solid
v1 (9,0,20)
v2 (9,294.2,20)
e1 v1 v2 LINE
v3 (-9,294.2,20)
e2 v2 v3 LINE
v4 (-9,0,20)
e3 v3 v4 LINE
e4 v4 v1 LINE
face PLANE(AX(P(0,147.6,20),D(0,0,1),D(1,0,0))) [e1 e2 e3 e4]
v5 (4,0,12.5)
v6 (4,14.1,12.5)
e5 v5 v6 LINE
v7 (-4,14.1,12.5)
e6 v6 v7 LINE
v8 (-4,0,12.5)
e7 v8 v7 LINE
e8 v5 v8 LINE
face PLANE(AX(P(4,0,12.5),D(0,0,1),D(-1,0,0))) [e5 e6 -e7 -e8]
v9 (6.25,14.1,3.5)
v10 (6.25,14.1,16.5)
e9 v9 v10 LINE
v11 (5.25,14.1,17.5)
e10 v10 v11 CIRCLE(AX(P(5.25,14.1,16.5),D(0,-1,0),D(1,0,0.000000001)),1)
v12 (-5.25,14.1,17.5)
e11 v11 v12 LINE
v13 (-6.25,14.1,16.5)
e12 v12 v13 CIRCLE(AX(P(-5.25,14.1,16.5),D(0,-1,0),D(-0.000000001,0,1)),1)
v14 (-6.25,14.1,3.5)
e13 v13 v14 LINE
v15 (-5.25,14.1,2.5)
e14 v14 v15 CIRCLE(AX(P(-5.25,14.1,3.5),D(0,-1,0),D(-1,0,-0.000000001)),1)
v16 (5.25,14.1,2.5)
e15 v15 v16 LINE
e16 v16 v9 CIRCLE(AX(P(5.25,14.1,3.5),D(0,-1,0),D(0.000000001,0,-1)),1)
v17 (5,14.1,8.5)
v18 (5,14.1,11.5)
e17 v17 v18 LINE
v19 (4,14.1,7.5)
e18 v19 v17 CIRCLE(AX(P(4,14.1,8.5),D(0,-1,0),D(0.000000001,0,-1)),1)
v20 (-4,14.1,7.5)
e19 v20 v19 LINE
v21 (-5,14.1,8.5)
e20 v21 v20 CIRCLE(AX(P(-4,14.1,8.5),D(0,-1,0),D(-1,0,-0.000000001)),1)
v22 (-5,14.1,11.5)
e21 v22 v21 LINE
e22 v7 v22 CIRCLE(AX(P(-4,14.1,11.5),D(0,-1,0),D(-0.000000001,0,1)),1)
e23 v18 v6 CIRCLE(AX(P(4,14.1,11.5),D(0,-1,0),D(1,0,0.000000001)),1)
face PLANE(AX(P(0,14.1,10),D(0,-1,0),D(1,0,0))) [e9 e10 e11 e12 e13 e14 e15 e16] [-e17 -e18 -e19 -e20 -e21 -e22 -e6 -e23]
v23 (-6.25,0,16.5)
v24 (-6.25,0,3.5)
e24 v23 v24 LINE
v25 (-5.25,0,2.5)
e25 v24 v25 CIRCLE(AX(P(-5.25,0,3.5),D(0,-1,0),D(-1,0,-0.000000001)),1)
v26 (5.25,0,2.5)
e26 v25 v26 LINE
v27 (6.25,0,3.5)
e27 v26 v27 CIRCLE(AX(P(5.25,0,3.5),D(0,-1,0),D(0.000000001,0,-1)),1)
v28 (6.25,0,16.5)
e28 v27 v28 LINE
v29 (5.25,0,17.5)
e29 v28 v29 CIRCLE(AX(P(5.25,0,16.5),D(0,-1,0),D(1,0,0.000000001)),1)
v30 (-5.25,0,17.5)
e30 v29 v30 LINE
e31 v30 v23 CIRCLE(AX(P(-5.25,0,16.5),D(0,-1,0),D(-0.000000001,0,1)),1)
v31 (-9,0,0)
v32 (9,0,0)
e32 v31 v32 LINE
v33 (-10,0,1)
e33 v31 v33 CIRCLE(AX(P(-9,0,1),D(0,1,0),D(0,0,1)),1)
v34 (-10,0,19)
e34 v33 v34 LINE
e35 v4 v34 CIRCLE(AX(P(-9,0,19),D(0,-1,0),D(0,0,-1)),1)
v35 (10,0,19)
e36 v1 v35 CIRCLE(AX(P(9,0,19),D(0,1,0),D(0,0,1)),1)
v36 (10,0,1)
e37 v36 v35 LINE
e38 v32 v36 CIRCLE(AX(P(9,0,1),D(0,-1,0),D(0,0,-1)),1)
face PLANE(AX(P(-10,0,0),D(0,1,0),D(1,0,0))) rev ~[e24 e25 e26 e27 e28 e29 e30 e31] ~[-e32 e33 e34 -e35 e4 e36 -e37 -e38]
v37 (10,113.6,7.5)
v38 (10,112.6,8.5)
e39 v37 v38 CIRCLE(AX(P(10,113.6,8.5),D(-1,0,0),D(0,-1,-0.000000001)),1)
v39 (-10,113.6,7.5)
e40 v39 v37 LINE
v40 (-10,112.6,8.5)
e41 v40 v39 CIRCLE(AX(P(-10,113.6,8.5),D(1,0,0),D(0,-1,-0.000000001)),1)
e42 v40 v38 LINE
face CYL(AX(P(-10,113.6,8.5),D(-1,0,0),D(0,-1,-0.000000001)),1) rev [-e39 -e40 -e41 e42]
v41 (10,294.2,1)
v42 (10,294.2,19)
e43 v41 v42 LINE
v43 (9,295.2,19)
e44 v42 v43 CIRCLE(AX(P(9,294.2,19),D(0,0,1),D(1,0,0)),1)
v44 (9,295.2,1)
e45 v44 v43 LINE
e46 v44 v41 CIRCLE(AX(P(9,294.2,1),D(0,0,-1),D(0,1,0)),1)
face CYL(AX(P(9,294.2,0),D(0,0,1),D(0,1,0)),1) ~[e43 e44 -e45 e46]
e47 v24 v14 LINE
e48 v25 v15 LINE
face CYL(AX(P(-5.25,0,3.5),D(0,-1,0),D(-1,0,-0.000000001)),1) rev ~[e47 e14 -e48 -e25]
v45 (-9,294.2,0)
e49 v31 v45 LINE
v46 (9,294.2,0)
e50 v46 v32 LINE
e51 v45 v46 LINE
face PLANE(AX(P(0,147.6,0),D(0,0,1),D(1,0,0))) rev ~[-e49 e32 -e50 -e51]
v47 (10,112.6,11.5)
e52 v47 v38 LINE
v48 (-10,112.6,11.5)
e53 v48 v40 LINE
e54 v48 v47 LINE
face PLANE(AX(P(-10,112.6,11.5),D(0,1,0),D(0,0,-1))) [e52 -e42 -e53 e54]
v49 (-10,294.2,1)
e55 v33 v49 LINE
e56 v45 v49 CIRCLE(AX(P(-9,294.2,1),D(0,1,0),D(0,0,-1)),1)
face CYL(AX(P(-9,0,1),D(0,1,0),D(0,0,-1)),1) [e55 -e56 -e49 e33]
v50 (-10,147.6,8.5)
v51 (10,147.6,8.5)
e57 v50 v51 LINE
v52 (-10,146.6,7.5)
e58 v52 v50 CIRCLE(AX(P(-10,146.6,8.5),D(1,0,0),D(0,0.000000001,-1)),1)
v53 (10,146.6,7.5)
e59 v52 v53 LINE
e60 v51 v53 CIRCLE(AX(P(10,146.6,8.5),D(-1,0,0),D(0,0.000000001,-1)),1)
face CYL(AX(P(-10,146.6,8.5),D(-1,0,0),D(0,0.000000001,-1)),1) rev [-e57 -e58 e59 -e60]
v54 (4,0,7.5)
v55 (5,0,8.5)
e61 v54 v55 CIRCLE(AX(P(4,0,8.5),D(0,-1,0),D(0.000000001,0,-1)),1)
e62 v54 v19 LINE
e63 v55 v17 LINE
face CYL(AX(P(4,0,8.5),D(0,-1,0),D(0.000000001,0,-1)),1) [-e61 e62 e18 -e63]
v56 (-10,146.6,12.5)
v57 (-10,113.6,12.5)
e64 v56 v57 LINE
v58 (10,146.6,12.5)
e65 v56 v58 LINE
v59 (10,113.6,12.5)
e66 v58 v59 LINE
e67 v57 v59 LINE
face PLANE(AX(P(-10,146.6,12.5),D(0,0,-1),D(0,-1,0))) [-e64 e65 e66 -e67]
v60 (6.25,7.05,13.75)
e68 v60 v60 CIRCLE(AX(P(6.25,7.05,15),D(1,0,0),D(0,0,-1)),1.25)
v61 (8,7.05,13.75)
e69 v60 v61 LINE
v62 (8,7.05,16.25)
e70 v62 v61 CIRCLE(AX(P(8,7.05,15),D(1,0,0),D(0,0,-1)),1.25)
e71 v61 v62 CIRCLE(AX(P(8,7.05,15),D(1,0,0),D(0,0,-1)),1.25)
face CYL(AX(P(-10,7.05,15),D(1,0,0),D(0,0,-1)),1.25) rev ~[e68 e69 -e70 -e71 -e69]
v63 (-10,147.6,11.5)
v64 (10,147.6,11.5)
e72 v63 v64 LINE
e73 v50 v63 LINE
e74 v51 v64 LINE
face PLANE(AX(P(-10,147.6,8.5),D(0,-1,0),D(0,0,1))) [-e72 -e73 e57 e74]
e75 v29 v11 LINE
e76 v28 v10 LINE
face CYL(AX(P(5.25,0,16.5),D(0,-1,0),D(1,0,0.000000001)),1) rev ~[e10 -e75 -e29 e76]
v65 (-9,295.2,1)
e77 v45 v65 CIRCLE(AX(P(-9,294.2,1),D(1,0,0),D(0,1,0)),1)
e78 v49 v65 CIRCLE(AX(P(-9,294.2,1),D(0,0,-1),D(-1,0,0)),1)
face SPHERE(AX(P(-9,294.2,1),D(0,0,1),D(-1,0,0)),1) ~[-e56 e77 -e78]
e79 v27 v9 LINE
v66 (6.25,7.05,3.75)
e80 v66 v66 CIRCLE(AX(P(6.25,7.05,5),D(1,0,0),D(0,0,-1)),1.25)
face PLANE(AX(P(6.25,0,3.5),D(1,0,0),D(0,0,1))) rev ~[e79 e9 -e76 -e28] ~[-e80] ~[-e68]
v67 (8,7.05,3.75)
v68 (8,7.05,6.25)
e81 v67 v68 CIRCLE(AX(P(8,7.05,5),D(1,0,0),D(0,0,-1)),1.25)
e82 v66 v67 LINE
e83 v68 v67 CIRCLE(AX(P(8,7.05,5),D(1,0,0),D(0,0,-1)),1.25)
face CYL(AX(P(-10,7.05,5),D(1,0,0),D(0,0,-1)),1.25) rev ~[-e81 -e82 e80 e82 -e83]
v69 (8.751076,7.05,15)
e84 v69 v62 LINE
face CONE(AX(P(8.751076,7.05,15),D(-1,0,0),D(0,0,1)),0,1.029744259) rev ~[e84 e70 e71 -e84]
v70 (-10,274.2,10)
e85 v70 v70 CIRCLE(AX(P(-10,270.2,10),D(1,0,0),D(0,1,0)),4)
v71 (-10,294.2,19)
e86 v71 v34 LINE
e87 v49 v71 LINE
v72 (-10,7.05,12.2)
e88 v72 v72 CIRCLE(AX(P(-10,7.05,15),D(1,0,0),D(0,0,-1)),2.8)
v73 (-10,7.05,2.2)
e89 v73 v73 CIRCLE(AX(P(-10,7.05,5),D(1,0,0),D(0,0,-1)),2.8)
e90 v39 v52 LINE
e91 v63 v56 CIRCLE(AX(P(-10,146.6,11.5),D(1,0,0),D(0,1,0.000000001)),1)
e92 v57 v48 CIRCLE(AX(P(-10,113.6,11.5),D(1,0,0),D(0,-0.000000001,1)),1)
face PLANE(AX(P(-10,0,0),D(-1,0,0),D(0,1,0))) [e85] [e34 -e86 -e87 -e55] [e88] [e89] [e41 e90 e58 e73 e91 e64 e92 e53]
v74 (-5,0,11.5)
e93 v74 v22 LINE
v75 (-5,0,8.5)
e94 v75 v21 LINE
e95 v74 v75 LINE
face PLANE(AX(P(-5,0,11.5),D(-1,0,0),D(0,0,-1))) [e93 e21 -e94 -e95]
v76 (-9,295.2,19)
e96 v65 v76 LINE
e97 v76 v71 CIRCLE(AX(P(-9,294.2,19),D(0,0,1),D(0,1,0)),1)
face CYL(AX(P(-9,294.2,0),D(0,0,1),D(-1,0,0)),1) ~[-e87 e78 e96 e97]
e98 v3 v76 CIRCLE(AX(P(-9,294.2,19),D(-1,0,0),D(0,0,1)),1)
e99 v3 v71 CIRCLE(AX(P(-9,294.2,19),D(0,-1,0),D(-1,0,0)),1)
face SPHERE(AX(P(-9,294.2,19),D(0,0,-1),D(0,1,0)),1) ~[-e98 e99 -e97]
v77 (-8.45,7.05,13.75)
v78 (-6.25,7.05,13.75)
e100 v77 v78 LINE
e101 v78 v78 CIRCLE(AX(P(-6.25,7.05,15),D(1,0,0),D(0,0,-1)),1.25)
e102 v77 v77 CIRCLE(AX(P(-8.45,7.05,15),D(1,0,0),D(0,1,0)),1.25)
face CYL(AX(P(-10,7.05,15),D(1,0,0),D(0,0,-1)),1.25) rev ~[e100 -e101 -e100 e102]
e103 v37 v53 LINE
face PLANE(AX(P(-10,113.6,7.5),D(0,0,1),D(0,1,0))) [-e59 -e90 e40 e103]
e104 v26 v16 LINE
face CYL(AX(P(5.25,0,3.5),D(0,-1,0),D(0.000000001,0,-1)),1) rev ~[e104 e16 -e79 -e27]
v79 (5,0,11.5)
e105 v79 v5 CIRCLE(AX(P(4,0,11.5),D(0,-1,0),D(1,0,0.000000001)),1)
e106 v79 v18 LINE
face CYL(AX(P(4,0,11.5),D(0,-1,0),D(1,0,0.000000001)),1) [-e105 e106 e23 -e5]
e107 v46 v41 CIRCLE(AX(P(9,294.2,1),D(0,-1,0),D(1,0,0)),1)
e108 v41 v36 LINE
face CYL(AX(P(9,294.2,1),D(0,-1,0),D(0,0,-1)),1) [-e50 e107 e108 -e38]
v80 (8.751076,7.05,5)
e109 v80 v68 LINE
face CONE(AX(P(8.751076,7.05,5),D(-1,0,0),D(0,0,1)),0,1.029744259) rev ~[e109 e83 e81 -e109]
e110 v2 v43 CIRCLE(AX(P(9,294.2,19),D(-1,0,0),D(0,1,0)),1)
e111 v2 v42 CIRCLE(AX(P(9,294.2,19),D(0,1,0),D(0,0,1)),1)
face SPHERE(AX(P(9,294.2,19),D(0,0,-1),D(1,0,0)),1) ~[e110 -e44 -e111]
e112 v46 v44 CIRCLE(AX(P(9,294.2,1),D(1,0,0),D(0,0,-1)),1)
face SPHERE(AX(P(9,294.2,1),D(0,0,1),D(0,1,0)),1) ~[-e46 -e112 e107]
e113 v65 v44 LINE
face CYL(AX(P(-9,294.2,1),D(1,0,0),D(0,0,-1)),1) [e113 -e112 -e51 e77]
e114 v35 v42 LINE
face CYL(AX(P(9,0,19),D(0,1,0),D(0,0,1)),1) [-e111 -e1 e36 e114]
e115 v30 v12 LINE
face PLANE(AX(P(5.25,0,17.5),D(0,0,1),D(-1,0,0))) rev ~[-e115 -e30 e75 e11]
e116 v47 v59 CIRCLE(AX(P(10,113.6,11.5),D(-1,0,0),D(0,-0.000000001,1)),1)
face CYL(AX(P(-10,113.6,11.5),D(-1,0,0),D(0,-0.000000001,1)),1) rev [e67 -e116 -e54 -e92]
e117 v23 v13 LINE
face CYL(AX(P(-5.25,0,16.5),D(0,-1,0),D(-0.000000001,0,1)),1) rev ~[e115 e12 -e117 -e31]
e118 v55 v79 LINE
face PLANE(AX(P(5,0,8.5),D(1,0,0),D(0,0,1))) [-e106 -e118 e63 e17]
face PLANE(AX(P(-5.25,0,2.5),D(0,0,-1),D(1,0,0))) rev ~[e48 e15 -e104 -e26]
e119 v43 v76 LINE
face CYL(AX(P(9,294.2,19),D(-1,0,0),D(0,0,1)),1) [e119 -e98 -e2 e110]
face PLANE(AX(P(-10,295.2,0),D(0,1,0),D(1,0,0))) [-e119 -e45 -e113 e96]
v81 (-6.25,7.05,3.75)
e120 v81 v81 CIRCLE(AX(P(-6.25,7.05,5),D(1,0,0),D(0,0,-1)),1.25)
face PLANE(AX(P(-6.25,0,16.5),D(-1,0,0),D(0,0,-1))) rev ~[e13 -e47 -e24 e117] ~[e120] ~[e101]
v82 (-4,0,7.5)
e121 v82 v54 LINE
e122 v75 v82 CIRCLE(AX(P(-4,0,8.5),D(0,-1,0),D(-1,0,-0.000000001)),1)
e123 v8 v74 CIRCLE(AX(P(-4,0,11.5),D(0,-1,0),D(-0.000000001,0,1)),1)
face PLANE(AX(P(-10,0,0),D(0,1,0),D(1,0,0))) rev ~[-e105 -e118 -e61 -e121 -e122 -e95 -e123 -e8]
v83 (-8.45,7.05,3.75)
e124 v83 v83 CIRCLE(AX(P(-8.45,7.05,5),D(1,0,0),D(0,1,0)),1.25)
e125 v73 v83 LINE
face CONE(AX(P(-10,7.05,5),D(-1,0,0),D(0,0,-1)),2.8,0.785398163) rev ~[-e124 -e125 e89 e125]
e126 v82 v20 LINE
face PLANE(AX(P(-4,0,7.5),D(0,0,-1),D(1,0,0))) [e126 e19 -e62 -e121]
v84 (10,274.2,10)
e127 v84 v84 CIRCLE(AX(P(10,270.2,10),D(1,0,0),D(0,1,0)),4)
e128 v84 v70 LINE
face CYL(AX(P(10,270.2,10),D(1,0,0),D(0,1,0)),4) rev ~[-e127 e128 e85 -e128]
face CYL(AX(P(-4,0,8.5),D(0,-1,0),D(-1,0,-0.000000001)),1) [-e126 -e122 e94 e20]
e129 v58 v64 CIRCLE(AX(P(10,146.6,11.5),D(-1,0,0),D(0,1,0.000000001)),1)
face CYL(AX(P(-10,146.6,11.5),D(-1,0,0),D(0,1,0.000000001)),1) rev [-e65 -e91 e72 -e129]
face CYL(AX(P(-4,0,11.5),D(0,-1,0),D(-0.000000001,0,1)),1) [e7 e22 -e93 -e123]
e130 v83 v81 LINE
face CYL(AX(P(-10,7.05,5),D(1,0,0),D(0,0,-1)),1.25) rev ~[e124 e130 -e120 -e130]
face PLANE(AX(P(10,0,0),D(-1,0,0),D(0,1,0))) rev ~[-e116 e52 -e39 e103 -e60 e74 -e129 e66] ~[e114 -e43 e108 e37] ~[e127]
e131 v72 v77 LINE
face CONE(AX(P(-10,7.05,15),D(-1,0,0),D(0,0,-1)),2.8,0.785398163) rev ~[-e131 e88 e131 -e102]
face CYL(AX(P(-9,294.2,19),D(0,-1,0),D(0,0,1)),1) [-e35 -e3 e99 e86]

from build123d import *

# Parameters (mm, degrees)
SKETCH1_W                       = 20
SKETCH1_H                       = 295.2
BOSS_EXTRUDE1_DEPTH             = 20
CUT_EXTRUDE1_REACH              = 298.552
SKETCH2_R                       = 4
CUT_EXTRUDE2_DEPTH              = 14.1
CUT_EXTRUDE3_DEPTH              = 297.551917883
M3X0_5_TAPPED_HOLE1_D           = 2.5
M3X0_5_TAPPED_HOLE1_DEPTH       = 18
M3X0_5_TAPPED_HOLE1_CSINK_D     = 5.6
M3X0_5_TAPPED_HOLE1_CSINK_ANGLE = 90
M3X0_5_TAPPED_HOLE1_TIP         = 0.751075774
FILLET1_R                       = 1
FILLET2_R                       = 1


with BuildPart() as part:
    # Sketch1 → Boss-Extrude1 (new body)
    with BuildSketch(Plane.XY):
        with Locations((0, 147.6)):
            Rectangle(SKETCH1_W, SKETCH1_H)
    extrude(amount=BOSS_EXTRUDE1_DEPTH)

    # Sketch2 → Cut-Extrude1 (cut, up to next)
    with BuildSketch(Plane(origin=(10, 0, 0), x_dir=(0, 0, -1), z_dir=(1, 0, 0)), mode=Mode.PRIVATE) as cut_extrude1_sk1:
        with Locations(Location((-10, 270.2, 0), (0, 0, 90))):
            Circle(SKETCH2_R)
    cut_extrude1_tool1 = extrude(cut_extrude1_sk1.sketch, amount=-CUT_EXTRUDE1_REACH, mode=Mode.PRIVATE) & part.part
    add(cut_extrude1_tool1.solids().sort_by_distance((10, 270.2, 10))[0], mode=Mode.SUBTRACT)

    # Sketch3 → Cut-Extrude2 (cut)
    with BuildSketch(Plane.XZ):
        with BuildLine():
            Line((-5.25, 2.5), (5.25, 2.5))
            ThreePointArc((5.25, 2.5), (5.957106781, 2.792893219), (6.25, 3.5))
            Line((6.25, 3.5), (6.25, 16.5))
            ThreePointArc((6.25, 16.5), (5.957106781, 17.207106781), (5.25, 17.5))
            Line((5.25, 17.5), (-5.25, 17.5))
            ThreePointArc((-5.25, 17.5), (-5.957106781, 17.207106781), (-6.25, 16.5))
            Line((-6.25, 16.5), (-6.25, 3.5))
            ThreePointArc((-6.25, 3.5), (-5.957106781, 2.792893219), (-5.25, 2.5))
        make_face()
        with BuildLine():
            Line((-4, 7.5), (4, 7.5))
            ThreePointArc((4, 7.5), (4.707106781, 7.792893219), (5, 8.5))
            Line((5, 8.5), (5, 11.5))
            ThreePointArc((5, 11.5), (4.707106781, 12.207106781), (4, 12.5))
            Line((4, 12.5), (-4, 12.5))
            ThreePointArc((-4, 12.5), (-4.707106781, 12.207106781), (-5, 11.5))
            Line((-5, 11.5), (-5, 8.5))
            ThreePointArc((-5, 8.5), (-4.707106781, 7.792893219), (-4, 7.5))
        make_face(mode=Mode.SUBTRACT)
    extrude(amount=-CUT_EXTRUDE2_DEPTH, mode=Mode.SUBTRACT)

    # Sketch5 → Cut-Extrude3 (cut, through all)
    with BuildSketch(Plane.ZY.offset(10)):
        with BuildLine():
            Line((8.5, 147.6), (11.5, 147.6))
            ThreePointArc((11.5, 147.6), (12.207106781, 147.307106781), (12.5, 146.6))
            Line((12.5, 146.6), (12.5, 113.6))
            ThreePointArc((12.5, 113.6), (12.207106781, 112.892893219), (11.5, 112.6))
            Line((11.5, 112.6), (8.5, 112.6))
            ThreePointArc((8.5, 112.6), (7.792893219, 112.892893219), (7.5, 113.6))
            Line((7.5, 113.6), (7.5, 146.6))
            ThreePointArc((7.5, 146.6), (7.792893219, 147.307106781), (8.5, 147.6))
        make_face()
    extrude(amount=-CUT_EXTRUDE3_DEPTH, mode=Mode.SUBTRACT)

    # M3x0.5 Tapped Hole1
    with Locations(Plane.ZY.offset(10)):
        with Locations((15, 7.05), (5, 7.05)):
            CounterSinkHole(M3X0_5_TAPPED_HOLE1_D / 2, M3X0_5_TAPPED_HOLE1_CSINK_D / 2, depth=M3X0_5_TAPPED_HOLE1_DEPTH, counter_sink_angle=M3X0_5_TAPPED_HOLE1_CSINK_ANGLE)
            with Locations((0, 0, -(M3X0_5_TAPPED_HOLE1_DEPTH + M3X0_5_TAPPED_HOLE1_TIP / 2))):  # 118° drill point
                Cone(0, M3X0_5_TAPPED_HOLE1_D / 2, M3X0_5_TAPPED_HOLE1_TIP, mode=Mode.SUBTRACT)

    # Fillet1
    fillet1_edges = [part.edges().sort_by_distance(p)[0] for p in [
        (-10, 295.2, 10),
        (10, 295.2, 10),
    ]]
    fillet(fillet1_edges, radius=FILLET1_R)

    # Fillet2
    fillet2_edges = [part.edges().sort_by_distance(p)[0] for p in [
        (10, 147.1, 20),
        (0, 295.2, 0),
        (0, 295.2, 20),
        (-10, 147.1, 0),
        (-9.707106781, 294.907106781, 0),
        (9.707106781, 294.907106781, 0),
        (-10, 147.1, 20),
        (-9.707106781, 294.907106781, 20),
        (9.707106781, 294.907106781, 20),
        (10, 147.1, 0),
    ]]
    fillet(fillet2_edges, radius=FILLET2_R)


solid = part.part
